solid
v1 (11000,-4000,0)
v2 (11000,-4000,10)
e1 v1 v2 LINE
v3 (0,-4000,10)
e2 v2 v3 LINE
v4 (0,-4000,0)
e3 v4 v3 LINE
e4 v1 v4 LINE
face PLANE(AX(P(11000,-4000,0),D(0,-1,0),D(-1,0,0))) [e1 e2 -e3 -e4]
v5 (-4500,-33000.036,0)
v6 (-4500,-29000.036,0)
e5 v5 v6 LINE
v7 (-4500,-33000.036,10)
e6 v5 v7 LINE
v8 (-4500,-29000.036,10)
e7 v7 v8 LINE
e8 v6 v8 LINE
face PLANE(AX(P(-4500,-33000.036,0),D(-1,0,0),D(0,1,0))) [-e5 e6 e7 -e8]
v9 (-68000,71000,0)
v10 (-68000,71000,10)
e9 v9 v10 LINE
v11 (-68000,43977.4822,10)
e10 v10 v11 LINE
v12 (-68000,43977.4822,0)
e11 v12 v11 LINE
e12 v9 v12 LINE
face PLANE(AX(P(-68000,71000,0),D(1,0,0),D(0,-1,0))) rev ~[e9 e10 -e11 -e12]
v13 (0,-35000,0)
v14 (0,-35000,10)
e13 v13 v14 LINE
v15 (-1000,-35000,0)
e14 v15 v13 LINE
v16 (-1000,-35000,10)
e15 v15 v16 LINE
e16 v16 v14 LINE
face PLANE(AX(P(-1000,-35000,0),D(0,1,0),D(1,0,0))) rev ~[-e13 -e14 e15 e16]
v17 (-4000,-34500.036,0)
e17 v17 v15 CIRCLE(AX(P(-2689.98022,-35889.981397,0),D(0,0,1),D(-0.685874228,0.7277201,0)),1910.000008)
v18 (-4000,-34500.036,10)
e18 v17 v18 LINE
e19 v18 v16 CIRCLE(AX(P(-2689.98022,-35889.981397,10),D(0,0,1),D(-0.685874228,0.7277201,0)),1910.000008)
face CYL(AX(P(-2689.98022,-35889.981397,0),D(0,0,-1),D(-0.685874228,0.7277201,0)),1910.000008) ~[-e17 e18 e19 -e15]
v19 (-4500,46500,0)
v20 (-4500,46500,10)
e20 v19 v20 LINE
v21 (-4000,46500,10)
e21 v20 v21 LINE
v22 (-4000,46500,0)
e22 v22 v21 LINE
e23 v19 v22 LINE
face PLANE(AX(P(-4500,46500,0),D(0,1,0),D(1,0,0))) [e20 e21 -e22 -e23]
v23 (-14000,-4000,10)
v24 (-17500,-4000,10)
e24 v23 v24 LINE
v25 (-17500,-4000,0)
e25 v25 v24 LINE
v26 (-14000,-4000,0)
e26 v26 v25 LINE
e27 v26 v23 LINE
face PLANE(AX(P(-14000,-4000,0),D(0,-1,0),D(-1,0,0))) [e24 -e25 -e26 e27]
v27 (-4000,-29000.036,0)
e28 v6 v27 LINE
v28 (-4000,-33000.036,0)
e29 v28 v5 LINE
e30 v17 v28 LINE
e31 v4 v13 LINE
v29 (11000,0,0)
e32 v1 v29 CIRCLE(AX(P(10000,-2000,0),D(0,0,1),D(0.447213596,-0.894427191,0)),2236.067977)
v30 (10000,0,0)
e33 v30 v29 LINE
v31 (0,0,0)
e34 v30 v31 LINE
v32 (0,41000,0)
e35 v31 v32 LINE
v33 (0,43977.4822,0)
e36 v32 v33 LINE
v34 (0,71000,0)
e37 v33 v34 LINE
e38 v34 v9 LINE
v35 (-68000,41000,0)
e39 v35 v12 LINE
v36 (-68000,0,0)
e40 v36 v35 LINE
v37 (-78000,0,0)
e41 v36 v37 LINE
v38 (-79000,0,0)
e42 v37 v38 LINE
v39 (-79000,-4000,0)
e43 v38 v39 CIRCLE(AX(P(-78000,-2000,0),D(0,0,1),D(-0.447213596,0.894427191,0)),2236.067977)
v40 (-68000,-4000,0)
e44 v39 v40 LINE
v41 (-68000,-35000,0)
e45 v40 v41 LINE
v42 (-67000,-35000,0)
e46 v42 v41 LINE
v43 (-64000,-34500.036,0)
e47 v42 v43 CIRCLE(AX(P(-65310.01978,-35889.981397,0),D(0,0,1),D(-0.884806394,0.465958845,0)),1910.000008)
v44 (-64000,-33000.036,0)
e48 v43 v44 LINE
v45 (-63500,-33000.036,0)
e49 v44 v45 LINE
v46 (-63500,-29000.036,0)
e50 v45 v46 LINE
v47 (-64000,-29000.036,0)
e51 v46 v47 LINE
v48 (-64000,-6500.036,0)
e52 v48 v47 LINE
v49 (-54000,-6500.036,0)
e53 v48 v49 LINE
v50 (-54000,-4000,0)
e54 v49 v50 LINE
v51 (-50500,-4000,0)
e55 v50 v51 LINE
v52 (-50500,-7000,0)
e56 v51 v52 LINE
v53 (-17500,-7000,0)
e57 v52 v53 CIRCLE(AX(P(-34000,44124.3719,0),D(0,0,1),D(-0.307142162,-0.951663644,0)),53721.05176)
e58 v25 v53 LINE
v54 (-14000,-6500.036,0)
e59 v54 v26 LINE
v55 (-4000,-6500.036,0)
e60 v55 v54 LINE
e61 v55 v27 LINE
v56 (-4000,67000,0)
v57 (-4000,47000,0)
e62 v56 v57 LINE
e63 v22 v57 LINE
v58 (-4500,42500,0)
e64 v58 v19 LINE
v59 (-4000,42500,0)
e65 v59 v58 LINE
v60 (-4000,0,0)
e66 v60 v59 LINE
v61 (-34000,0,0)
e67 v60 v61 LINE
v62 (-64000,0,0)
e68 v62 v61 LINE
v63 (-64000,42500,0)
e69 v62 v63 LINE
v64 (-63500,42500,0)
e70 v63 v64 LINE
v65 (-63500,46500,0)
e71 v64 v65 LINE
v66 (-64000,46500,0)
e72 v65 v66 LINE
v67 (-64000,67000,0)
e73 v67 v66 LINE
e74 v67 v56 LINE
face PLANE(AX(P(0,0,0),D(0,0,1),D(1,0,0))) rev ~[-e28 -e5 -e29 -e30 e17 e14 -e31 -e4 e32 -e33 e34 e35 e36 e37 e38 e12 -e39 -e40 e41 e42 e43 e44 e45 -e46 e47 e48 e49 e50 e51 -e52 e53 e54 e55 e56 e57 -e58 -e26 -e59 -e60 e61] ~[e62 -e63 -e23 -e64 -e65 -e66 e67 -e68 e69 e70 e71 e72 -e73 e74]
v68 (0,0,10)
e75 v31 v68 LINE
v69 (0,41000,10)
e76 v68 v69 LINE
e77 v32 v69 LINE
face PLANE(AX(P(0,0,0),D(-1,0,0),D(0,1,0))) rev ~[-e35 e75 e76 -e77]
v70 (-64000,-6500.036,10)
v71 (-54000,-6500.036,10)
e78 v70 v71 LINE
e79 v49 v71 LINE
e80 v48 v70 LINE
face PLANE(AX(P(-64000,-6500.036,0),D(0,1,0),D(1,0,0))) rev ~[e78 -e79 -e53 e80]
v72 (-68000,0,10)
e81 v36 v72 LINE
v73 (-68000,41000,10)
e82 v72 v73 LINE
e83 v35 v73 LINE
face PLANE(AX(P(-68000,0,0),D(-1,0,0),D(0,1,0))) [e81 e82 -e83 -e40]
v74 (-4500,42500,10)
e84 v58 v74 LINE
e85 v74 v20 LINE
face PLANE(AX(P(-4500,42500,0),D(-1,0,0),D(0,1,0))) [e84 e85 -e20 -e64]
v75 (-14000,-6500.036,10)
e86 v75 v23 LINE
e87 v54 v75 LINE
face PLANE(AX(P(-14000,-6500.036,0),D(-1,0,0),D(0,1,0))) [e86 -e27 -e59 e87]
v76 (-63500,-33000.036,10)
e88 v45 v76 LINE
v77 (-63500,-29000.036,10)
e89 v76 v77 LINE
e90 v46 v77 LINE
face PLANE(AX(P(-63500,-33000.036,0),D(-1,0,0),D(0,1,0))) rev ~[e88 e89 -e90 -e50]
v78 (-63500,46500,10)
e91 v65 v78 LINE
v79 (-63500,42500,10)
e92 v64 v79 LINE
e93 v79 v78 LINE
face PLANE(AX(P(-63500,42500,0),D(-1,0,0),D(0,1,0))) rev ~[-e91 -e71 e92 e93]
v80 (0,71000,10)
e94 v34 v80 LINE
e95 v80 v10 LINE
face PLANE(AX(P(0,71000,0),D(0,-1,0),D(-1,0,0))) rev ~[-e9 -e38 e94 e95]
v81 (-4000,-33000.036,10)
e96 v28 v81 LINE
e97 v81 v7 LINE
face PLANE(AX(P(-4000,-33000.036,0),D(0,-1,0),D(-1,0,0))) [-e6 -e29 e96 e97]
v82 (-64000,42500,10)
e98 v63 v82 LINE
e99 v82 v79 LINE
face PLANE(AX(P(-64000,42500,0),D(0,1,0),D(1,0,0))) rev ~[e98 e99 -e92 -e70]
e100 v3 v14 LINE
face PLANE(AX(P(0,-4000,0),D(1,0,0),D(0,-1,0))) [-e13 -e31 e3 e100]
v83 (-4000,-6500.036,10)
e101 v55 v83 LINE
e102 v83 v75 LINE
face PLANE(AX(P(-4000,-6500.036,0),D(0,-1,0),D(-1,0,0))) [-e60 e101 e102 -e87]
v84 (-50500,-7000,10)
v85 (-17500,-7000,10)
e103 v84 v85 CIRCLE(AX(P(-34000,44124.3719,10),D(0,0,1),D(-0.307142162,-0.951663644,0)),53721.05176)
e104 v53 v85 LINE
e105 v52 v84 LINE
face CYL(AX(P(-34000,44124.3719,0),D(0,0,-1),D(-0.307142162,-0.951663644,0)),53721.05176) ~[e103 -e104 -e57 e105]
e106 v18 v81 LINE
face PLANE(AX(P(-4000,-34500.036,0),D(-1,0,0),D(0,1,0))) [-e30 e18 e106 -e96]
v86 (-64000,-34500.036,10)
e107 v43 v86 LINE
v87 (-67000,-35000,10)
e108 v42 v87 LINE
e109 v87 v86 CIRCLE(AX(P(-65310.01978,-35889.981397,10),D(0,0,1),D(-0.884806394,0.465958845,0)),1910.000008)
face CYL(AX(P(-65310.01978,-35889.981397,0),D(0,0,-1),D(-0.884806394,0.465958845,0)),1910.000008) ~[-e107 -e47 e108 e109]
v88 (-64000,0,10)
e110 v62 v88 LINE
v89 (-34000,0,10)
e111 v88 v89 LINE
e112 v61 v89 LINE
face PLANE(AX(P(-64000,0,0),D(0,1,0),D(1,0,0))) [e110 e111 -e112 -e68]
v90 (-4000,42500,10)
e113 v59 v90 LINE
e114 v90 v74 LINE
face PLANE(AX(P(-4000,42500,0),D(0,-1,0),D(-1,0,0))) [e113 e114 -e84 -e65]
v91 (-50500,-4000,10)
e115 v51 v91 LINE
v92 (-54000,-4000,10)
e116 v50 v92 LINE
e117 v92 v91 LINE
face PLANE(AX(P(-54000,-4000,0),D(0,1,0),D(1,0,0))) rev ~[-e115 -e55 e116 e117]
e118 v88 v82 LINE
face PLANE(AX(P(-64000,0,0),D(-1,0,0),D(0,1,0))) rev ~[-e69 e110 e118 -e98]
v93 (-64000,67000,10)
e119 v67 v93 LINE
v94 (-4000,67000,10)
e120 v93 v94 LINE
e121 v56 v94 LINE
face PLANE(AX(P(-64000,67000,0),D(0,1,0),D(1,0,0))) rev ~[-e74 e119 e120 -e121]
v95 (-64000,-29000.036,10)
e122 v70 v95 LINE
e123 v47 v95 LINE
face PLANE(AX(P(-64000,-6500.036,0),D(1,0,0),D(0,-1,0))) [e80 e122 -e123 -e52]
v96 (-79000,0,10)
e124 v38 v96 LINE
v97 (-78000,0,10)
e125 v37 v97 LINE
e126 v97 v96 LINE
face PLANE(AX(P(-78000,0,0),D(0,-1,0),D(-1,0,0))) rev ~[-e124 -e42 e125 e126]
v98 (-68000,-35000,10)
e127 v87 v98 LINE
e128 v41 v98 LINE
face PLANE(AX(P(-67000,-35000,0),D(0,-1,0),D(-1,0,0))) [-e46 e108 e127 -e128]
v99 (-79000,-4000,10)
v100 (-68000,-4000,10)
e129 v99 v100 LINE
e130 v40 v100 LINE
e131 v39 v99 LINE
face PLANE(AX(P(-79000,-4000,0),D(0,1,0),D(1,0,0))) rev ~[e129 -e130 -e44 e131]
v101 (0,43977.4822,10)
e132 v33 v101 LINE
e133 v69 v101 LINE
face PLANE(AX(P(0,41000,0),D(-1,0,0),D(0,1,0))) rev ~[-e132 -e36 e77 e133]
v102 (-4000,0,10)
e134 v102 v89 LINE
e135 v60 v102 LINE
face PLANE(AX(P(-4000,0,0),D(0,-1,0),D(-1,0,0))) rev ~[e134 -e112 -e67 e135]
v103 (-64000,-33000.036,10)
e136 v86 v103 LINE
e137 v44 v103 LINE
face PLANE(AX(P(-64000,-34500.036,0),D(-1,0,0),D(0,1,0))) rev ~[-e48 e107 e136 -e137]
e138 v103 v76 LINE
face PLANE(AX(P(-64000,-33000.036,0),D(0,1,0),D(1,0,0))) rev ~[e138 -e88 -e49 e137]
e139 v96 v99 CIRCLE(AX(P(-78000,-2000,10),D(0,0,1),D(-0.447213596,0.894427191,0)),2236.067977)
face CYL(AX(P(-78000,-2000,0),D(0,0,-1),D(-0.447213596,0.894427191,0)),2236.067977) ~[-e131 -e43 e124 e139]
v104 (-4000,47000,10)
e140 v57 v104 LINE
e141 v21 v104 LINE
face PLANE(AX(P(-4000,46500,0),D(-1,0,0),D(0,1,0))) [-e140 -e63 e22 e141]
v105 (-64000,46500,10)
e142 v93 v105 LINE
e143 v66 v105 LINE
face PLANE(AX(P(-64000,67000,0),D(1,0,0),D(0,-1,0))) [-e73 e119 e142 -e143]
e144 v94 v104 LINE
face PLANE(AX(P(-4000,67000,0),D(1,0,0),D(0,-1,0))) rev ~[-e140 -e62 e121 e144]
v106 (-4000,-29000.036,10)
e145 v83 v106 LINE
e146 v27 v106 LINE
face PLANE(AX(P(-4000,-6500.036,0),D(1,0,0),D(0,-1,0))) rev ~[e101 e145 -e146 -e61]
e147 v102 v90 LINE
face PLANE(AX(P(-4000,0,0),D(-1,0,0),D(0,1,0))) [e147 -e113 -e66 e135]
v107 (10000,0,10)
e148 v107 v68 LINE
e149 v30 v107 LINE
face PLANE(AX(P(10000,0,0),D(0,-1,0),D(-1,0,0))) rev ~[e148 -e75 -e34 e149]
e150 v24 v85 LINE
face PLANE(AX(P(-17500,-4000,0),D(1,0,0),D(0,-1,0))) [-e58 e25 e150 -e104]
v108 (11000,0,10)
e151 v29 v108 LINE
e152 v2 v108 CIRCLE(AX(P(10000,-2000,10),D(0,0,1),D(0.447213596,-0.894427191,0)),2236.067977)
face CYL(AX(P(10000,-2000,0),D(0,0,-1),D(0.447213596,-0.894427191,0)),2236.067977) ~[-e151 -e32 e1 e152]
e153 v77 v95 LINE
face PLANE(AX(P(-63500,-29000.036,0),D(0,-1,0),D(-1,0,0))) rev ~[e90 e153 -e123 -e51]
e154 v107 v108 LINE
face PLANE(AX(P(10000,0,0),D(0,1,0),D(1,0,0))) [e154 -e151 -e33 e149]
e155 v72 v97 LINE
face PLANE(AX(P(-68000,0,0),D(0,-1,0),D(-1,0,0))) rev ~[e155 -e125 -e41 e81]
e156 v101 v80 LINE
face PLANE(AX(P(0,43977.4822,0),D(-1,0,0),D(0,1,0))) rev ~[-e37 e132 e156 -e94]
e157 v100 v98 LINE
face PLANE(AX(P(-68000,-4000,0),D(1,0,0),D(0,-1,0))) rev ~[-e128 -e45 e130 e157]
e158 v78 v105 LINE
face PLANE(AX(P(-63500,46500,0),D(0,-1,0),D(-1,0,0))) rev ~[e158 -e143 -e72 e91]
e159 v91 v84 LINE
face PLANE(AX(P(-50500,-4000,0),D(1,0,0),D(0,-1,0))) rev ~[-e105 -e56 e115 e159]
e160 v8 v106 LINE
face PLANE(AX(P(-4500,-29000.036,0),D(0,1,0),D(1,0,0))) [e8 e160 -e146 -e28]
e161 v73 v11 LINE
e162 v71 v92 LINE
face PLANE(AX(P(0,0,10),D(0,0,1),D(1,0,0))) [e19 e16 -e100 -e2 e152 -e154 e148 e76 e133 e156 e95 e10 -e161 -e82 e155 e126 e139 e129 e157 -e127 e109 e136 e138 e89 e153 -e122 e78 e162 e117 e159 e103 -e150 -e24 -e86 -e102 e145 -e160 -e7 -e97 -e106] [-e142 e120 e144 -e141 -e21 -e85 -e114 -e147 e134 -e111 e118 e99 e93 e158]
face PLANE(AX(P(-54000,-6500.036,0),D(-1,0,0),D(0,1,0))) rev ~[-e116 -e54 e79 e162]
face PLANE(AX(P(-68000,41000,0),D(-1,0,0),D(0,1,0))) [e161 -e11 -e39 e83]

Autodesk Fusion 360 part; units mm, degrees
sketch "スケッチ1" plane through (0, 0, 0) normal (0, 0, 1) x (1, 0, 0)
  line L0 (10000, 0) -> (11000, 0)
  line L1 (11000, -4000) -> (0, -4000)
  line L2 (-63500, -29000.036) -> (-64000, -29000.036)
  line L3 (-63500, 42500) -> (-63500, 46500)
  line L4 (-54000, -6500.036) -> (-54000, -4000)
  line L5 (-64000, -34500.036) -> (-64000, -33000.036)
  line L6 (-34000, 2000) -> (-34000, -2000)
  arc A0 (-79000, 0) -> (-79000, -4000) centre (-78000, -2000) ccw
  line L7 (-67000, -35000) -> (-68000, -35000)
  line L8 (-64000, -6500.036) -> (-64000, -29000.036)
  line L9 (-64000, 0) -> (-34000, 0)
  line L10 (-64000, 42500) -> (-63500, 42500)
  line L11 (0, 41000) -> (0, 43977.4822)
  line L12 (-4500, -33000.036) -> (-4500, -29000.036)
  arc A1 (-67000, -35000) -> (-64000, -34500.036) centre (-65310.0198, -35889.9814) ccw
  arc A2 (11000, -4000) -> (11000, 0) centre (10000, -2000) ccw
  line L13 (-79000, -4000) -> (-68000, -4000)
  line L14 (-68000, 41000) -> (-68000, 43977.4822)
  line L15 (11000, -4000) -> (0, -4000)
  line L16 (-1000, -35000) -> (0, -35000)
  line L17 (-64000, 0) -> (-64000, 42500)
  line L18 (-78000, 0) -> (-79000, 0)
  line L19 (-68000, 0) -> (-78000, 0)
  line L20 (-4000, 0) -> (-4000, 42500)
  line L21 (-64000, -6500.036) -> (-54000, -6500.036)
  line L22 (-14000, -6500.036) -> (-14000, -4000)
  line L23 (-68000, 0) -> (-68000, 41000)
  line L24 (-63500, -33000.036) -> (-63500, -29000.036)
  line L25 (-4000, 0) -> (-34000, 0)
  line L26 (-4000, -6500.036) -> (-14000, -6500.036)
  line L27 (-4000, -33000.036) -> (-4500, -33000.036)
  line L28 (-4000, 42500) -> (-4500, 42500)
  line L29 (-68000, -4000) -> (-68000, -35000)
  line L30 (11000, 0) -> (0, 0)
  line L31 (-64000, -33000.036) -> (-63500, -33000.036)
  line L32 (0, -4000) -> (0, -35000)
  line L33 (-4500, 46500) -> (-4000, 46500)
  line L34 (0, 0) -> (10000, 0)
  line L35 (-63500, 46500) -> (-64000, 46500)
  line L36 (-4000, -34500.036) -> (-4000, -33000.036)
  line L37 (-4000, -6500.036) -> (-4000, -29000.036)
  line L38 (-4500, -29000.036) -> (-4000, -29000.036)
  line L39 (-4500, 42500) -> (-4500, 46500)
  arc A3 (-4000, -34500.036) -> (-1000, -35000) centre (-2689.9802, -35889.9814) ccw
  line L40 (0, 0) -> (0, 41000)
  line L41 (-54000, -4000) -> (-50500, -4000)
  line L42 (-50500, -4000) -> (-50500, -7000)
  line L43 (-14000, -4000) -> (-17500, -4000)
  line L44 (-17500, -4000) -> (-17500, -7000)
  arc A4 (-50500, -7000) -> (-17500, -7000) centre (-34000, 44124.3719) ccw
  line L45 (-68000, 71000) -> (-68000, 43977.4822)
  line L46 (-64000, 67000) -> (-4000, 67000)
  line L47 (0, 71000) -> (-68000, 71000)
  line L48 (0, 43977.4822) -> (0, 71000)
  line L49 (-4000, 67000) -> (-4000, 47000)
  line L50 (-4000, 46500) -> (-4000, 47000)
  line L51 (-64000, 67000) -> (-64000, 46500)
  point P0 (-64000, 42500)
  point P1 (-64000, -6500.036)
  point P2 (-64000, 0)
  point P3 (-64000, -34500.036)
  point P4 (-68000, 0)
  point P5 (-64000, -35000)
  point P6 (-4000, 0)
  point P7 (-64000, 41000)
  point P8 (-4000, -35000)
  point P9 (-4000, 41000)
  point P10 (-4000, -6500.036)
  point P11 (-64000, 0)
  point P12 (-4000, 42500)
  point P13 (-4000, -34500.036)
extrude "押し出し1" add sketch "スケッチ1" along normal blind 10
